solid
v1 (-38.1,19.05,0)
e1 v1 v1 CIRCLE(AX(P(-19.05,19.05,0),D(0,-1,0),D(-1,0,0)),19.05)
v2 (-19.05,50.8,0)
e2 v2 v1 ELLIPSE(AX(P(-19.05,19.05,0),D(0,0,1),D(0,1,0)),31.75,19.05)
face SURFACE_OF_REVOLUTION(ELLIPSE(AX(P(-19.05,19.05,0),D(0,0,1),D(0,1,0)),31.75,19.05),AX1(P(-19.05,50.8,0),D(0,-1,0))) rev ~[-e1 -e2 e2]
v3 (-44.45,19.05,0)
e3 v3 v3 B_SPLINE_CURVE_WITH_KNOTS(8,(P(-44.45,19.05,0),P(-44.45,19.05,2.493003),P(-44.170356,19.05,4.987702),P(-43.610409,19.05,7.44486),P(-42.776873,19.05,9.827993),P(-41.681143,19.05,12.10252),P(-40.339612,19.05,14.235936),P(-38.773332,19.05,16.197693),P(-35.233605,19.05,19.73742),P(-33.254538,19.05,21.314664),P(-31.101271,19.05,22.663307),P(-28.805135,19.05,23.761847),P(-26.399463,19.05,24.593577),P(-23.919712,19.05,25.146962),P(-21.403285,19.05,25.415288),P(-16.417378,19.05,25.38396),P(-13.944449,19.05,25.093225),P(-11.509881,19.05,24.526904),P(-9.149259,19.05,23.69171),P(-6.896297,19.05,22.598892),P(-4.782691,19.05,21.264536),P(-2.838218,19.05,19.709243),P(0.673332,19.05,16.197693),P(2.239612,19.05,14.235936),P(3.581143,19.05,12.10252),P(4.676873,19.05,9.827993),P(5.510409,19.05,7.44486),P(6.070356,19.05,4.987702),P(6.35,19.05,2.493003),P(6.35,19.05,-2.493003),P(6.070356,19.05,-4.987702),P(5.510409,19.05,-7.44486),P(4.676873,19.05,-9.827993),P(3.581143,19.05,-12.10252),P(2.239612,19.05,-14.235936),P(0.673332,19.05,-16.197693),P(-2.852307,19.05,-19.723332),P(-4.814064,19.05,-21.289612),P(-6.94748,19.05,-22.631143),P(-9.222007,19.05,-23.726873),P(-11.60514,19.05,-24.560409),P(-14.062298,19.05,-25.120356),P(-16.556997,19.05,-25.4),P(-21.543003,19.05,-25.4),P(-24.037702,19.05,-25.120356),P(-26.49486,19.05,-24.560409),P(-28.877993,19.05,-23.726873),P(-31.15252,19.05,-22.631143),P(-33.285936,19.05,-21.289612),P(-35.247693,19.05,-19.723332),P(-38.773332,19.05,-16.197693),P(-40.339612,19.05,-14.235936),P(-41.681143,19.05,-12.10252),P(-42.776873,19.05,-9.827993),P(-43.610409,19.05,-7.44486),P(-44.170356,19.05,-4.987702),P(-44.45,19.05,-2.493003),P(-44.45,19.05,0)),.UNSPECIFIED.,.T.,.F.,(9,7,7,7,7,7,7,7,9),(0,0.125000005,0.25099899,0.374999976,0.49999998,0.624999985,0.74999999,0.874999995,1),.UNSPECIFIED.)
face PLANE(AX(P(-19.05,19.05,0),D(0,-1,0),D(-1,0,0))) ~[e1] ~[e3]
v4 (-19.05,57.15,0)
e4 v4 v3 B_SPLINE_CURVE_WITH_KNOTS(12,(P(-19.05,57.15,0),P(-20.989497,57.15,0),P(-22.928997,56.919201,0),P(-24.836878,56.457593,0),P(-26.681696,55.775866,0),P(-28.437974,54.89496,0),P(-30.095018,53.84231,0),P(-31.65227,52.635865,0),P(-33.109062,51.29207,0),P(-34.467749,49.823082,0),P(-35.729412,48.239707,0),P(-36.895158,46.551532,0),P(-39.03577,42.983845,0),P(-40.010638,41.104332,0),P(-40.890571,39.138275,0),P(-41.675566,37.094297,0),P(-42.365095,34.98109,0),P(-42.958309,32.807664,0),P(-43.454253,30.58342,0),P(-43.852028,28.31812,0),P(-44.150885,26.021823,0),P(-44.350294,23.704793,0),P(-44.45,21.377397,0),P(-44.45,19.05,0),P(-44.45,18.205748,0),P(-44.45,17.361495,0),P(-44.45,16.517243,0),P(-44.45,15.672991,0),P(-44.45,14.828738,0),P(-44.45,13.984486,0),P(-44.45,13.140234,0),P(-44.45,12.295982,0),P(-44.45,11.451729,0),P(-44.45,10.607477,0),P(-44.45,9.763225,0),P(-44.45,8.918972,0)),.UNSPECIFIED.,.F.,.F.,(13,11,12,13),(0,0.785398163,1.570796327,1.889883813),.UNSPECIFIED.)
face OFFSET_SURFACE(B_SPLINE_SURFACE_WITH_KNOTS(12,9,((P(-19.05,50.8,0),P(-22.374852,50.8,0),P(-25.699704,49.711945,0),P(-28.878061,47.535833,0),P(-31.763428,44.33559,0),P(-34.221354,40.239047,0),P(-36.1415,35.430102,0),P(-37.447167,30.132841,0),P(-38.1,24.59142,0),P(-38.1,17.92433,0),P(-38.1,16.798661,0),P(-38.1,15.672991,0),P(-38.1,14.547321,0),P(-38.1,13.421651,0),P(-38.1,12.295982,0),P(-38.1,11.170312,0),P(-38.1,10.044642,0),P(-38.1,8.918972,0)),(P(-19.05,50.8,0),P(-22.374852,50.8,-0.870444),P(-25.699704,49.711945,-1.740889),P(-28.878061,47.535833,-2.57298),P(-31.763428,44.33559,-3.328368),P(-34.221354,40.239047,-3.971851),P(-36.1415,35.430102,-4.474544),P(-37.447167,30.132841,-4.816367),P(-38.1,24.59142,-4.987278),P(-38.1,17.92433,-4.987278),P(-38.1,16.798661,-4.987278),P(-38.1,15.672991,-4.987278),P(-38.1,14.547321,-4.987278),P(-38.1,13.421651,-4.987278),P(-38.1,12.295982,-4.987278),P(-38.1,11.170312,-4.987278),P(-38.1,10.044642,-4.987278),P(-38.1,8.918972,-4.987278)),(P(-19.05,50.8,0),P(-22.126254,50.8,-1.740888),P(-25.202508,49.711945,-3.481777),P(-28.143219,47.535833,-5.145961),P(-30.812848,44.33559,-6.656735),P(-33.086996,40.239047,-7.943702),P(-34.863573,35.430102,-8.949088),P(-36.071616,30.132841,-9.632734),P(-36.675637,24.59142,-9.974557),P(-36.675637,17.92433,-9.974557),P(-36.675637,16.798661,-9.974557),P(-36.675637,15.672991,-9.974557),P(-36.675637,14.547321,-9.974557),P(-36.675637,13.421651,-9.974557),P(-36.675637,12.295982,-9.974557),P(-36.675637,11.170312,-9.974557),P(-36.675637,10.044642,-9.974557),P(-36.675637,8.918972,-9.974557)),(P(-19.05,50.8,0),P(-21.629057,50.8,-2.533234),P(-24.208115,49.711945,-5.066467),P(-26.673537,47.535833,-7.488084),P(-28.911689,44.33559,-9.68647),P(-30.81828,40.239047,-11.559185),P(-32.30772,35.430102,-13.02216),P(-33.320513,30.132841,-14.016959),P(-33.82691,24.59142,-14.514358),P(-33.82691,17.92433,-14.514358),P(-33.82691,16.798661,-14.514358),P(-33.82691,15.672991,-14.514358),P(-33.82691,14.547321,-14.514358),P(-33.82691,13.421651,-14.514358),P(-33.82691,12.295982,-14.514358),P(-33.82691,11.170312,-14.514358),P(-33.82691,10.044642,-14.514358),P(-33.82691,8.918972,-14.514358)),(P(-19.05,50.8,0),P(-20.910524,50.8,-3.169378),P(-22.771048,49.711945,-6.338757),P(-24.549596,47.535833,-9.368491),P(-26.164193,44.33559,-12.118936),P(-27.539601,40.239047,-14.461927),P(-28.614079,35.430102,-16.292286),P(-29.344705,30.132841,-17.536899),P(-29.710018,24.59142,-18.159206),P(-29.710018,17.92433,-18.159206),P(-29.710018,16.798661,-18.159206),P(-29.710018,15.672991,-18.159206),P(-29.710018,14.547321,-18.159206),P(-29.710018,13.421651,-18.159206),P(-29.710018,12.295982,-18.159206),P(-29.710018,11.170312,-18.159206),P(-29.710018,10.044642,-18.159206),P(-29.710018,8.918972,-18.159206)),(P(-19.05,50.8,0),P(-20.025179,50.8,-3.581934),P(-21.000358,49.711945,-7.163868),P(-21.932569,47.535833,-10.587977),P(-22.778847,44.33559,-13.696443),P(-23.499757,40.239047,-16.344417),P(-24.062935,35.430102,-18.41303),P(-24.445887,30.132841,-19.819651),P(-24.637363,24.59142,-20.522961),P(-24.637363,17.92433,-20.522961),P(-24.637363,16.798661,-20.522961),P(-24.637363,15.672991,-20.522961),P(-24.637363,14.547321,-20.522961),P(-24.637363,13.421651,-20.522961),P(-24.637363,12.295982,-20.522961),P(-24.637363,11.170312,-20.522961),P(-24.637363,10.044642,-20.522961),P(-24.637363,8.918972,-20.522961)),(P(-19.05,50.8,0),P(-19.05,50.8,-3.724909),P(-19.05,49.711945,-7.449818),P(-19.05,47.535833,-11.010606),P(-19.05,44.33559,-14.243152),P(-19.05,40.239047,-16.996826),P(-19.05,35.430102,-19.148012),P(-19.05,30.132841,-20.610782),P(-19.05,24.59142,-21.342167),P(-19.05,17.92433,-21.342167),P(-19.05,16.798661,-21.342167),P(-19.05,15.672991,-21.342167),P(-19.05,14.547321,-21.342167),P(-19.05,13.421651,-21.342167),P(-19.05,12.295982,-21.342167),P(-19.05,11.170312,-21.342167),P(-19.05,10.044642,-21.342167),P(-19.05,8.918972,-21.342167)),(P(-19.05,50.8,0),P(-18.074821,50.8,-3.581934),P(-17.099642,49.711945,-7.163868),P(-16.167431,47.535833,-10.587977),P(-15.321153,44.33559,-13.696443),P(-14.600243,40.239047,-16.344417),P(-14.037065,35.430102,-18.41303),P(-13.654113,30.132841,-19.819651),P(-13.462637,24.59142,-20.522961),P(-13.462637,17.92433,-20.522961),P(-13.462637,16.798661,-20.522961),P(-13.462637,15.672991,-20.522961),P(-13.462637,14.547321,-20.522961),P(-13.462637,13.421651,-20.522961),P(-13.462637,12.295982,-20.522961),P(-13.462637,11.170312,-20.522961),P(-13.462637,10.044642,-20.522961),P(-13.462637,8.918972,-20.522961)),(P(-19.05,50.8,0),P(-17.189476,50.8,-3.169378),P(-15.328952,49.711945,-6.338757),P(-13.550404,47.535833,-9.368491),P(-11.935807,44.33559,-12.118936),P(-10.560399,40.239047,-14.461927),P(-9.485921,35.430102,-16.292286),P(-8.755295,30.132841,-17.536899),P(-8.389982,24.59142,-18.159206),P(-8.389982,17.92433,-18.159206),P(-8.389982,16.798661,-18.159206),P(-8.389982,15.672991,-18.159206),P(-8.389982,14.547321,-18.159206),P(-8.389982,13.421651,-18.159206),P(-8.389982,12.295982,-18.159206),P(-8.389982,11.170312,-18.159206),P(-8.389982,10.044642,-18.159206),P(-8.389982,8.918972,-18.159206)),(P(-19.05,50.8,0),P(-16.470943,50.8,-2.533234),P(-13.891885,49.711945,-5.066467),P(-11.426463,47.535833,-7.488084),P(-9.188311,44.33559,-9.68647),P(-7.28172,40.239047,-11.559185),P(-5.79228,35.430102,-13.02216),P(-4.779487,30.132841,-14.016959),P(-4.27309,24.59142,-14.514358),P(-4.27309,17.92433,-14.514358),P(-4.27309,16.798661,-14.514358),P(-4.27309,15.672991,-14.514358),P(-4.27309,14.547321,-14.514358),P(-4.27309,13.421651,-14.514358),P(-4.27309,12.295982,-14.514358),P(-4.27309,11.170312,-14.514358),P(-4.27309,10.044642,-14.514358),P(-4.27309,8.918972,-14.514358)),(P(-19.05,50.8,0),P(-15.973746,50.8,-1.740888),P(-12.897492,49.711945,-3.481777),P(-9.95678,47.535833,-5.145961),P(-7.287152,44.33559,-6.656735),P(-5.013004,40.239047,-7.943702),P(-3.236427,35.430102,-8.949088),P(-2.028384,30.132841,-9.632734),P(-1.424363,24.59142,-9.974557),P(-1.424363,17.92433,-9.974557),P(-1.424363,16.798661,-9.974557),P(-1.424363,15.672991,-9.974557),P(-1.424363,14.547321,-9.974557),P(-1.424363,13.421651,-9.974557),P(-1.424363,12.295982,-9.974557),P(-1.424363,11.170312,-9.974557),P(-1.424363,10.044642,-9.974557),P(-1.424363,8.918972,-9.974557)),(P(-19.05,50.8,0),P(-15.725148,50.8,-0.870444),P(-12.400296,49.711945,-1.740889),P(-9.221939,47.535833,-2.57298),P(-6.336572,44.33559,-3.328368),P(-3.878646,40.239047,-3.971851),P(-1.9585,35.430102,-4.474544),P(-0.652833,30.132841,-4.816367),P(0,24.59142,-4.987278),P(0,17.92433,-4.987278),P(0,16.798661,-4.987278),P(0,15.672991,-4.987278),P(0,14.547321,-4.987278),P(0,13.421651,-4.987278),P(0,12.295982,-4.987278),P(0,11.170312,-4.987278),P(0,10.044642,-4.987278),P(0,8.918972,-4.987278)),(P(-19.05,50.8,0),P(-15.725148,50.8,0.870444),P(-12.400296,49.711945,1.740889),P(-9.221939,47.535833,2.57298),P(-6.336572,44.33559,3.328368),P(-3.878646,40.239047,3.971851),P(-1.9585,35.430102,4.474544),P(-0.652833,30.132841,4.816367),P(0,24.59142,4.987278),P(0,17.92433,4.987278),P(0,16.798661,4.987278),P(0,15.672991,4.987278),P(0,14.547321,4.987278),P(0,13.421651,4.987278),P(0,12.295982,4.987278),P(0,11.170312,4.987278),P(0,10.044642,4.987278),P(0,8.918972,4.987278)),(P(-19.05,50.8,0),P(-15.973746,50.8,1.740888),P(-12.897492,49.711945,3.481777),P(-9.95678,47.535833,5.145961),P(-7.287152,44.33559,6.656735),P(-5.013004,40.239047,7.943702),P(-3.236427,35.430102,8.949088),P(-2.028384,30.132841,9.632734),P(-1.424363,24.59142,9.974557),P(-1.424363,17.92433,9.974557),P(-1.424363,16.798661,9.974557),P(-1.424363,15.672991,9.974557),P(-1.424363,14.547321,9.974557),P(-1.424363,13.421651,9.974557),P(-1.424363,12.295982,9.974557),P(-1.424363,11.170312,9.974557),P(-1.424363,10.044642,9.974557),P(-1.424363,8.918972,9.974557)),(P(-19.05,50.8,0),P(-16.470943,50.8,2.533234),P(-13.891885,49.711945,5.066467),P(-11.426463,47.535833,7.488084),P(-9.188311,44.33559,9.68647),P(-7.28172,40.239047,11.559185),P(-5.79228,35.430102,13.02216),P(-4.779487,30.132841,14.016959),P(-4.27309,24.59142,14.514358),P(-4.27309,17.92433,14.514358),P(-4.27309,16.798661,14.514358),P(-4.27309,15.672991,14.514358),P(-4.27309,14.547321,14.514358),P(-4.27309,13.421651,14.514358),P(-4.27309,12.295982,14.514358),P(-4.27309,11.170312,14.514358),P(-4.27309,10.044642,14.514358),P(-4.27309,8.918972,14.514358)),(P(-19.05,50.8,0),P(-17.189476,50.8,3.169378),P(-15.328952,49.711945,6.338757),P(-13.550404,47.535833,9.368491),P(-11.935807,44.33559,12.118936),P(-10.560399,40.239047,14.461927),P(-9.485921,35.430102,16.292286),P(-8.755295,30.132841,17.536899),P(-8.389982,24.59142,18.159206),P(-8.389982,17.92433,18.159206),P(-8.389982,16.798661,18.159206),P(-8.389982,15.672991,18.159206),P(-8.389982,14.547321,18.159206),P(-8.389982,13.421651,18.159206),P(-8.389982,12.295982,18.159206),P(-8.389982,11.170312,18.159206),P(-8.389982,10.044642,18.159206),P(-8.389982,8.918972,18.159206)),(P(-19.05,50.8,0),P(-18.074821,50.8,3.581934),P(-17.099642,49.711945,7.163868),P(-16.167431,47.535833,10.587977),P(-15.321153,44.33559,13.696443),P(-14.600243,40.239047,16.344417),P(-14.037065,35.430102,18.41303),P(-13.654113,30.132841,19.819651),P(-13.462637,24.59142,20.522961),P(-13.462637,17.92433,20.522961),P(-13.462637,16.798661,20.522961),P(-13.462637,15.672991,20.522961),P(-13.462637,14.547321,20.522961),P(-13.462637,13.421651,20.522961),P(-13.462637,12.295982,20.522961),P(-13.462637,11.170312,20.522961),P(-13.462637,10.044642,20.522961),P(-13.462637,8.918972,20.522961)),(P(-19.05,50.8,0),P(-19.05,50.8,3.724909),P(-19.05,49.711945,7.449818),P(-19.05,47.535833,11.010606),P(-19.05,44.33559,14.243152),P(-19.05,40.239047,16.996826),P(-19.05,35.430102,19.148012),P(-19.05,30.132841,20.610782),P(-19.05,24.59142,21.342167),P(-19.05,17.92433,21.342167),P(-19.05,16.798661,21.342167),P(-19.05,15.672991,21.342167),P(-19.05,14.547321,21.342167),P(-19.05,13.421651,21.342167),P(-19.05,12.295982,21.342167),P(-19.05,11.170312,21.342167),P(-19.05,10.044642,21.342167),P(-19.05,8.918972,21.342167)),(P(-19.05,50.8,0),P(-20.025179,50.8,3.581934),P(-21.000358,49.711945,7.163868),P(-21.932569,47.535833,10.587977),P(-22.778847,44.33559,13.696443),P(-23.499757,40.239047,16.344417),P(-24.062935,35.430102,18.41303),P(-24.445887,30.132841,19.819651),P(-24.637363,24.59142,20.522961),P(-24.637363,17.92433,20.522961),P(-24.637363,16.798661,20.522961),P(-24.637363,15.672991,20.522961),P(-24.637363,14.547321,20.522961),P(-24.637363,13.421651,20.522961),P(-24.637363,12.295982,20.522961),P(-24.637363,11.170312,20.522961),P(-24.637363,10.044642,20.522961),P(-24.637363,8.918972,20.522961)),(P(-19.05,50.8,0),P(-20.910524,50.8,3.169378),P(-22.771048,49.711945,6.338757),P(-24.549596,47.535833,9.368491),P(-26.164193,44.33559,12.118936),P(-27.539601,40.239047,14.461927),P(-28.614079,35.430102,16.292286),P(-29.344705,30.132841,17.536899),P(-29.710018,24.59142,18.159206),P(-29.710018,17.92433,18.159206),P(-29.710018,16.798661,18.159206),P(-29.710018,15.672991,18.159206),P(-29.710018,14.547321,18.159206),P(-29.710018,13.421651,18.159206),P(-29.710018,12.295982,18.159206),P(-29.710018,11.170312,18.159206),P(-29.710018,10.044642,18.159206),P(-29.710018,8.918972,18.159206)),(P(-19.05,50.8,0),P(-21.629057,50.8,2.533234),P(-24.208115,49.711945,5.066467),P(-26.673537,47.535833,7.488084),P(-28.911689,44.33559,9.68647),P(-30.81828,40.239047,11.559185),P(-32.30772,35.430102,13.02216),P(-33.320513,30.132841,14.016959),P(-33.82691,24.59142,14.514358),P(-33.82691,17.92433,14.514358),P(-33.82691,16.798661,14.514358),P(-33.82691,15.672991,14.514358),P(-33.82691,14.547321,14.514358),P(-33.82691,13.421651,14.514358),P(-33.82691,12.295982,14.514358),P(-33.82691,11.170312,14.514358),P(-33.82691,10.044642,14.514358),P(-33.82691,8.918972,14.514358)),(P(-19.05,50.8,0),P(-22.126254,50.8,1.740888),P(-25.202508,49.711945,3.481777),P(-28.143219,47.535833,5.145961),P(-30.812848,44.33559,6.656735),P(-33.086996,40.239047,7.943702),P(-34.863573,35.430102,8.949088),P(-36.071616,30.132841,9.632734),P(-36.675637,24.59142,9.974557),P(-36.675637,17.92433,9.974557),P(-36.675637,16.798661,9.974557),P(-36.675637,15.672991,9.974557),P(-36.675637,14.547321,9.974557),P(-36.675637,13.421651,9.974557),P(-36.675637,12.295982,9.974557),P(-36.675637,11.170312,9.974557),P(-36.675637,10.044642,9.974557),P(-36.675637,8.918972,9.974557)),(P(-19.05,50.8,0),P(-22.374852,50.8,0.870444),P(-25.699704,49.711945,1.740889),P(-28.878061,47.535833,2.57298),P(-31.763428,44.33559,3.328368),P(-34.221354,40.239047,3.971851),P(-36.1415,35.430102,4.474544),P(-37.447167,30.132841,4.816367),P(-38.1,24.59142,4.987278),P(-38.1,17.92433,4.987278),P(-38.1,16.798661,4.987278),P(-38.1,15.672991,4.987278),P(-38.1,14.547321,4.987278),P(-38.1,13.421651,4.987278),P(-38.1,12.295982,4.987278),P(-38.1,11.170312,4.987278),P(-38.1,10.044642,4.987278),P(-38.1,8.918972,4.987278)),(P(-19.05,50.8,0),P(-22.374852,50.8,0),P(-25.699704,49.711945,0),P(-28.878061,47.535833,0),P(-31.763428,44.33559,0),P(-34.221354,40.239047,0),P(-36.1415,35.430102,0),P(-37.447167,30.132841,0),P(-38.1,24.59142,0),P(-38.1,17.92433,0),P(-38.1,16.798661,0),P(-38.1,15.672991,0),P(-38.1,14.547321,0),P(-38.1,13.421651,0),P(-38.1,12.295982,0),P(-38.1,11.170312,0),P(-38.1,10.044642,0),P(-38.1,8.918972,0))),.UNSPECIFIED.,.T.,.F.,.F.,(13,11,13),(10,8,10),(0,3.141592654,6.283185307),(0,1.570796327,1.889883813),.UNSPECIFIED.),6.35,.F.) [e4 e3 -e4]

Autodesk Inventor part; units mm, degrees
ref_plane "YZ Plane" through (0, 0, 0) normal (1, 0, 0) x (0, 1, 0)
ref_plane "XZ Plane" through (0, 0, 0) normal (0, 1, 0) x (-1, 0, 0)
ref_plane "XY Plane" through (0, 0, 0) normal (0, 0, 1) x (1, 0, 0)
sketch "Sketch1" plane through (0, 0, 0) normal (0, 0, 1) x (1, 0, 0)
  line L0 (-19.05, 25.4) -> (-38.1, 25.4) construction
  ellipse E0 centre (-19.05, 19.05) end of major axis (-19.05, 50.8) minor radius 19.05 (-19.05, 50.8) -> (-38.1, 19.05) ccw
  line L1 (-19.05, 50.8) -> (-19.05, 19.05)
  line L2 (-19.05, 19.05) -> (-38.1, 19.05)
  point P0 (0, 0)
revolve "Revolution1" add sketch "Sketch1" angle 360 about axis through (-19.05, 50.8, 0) along (0, -1, 0)
shell "Shell1" thickness 6.35 outward yes removed faces 1 at (-23.803, 19.05, -4.2108)
properties part number "Top Inside"
